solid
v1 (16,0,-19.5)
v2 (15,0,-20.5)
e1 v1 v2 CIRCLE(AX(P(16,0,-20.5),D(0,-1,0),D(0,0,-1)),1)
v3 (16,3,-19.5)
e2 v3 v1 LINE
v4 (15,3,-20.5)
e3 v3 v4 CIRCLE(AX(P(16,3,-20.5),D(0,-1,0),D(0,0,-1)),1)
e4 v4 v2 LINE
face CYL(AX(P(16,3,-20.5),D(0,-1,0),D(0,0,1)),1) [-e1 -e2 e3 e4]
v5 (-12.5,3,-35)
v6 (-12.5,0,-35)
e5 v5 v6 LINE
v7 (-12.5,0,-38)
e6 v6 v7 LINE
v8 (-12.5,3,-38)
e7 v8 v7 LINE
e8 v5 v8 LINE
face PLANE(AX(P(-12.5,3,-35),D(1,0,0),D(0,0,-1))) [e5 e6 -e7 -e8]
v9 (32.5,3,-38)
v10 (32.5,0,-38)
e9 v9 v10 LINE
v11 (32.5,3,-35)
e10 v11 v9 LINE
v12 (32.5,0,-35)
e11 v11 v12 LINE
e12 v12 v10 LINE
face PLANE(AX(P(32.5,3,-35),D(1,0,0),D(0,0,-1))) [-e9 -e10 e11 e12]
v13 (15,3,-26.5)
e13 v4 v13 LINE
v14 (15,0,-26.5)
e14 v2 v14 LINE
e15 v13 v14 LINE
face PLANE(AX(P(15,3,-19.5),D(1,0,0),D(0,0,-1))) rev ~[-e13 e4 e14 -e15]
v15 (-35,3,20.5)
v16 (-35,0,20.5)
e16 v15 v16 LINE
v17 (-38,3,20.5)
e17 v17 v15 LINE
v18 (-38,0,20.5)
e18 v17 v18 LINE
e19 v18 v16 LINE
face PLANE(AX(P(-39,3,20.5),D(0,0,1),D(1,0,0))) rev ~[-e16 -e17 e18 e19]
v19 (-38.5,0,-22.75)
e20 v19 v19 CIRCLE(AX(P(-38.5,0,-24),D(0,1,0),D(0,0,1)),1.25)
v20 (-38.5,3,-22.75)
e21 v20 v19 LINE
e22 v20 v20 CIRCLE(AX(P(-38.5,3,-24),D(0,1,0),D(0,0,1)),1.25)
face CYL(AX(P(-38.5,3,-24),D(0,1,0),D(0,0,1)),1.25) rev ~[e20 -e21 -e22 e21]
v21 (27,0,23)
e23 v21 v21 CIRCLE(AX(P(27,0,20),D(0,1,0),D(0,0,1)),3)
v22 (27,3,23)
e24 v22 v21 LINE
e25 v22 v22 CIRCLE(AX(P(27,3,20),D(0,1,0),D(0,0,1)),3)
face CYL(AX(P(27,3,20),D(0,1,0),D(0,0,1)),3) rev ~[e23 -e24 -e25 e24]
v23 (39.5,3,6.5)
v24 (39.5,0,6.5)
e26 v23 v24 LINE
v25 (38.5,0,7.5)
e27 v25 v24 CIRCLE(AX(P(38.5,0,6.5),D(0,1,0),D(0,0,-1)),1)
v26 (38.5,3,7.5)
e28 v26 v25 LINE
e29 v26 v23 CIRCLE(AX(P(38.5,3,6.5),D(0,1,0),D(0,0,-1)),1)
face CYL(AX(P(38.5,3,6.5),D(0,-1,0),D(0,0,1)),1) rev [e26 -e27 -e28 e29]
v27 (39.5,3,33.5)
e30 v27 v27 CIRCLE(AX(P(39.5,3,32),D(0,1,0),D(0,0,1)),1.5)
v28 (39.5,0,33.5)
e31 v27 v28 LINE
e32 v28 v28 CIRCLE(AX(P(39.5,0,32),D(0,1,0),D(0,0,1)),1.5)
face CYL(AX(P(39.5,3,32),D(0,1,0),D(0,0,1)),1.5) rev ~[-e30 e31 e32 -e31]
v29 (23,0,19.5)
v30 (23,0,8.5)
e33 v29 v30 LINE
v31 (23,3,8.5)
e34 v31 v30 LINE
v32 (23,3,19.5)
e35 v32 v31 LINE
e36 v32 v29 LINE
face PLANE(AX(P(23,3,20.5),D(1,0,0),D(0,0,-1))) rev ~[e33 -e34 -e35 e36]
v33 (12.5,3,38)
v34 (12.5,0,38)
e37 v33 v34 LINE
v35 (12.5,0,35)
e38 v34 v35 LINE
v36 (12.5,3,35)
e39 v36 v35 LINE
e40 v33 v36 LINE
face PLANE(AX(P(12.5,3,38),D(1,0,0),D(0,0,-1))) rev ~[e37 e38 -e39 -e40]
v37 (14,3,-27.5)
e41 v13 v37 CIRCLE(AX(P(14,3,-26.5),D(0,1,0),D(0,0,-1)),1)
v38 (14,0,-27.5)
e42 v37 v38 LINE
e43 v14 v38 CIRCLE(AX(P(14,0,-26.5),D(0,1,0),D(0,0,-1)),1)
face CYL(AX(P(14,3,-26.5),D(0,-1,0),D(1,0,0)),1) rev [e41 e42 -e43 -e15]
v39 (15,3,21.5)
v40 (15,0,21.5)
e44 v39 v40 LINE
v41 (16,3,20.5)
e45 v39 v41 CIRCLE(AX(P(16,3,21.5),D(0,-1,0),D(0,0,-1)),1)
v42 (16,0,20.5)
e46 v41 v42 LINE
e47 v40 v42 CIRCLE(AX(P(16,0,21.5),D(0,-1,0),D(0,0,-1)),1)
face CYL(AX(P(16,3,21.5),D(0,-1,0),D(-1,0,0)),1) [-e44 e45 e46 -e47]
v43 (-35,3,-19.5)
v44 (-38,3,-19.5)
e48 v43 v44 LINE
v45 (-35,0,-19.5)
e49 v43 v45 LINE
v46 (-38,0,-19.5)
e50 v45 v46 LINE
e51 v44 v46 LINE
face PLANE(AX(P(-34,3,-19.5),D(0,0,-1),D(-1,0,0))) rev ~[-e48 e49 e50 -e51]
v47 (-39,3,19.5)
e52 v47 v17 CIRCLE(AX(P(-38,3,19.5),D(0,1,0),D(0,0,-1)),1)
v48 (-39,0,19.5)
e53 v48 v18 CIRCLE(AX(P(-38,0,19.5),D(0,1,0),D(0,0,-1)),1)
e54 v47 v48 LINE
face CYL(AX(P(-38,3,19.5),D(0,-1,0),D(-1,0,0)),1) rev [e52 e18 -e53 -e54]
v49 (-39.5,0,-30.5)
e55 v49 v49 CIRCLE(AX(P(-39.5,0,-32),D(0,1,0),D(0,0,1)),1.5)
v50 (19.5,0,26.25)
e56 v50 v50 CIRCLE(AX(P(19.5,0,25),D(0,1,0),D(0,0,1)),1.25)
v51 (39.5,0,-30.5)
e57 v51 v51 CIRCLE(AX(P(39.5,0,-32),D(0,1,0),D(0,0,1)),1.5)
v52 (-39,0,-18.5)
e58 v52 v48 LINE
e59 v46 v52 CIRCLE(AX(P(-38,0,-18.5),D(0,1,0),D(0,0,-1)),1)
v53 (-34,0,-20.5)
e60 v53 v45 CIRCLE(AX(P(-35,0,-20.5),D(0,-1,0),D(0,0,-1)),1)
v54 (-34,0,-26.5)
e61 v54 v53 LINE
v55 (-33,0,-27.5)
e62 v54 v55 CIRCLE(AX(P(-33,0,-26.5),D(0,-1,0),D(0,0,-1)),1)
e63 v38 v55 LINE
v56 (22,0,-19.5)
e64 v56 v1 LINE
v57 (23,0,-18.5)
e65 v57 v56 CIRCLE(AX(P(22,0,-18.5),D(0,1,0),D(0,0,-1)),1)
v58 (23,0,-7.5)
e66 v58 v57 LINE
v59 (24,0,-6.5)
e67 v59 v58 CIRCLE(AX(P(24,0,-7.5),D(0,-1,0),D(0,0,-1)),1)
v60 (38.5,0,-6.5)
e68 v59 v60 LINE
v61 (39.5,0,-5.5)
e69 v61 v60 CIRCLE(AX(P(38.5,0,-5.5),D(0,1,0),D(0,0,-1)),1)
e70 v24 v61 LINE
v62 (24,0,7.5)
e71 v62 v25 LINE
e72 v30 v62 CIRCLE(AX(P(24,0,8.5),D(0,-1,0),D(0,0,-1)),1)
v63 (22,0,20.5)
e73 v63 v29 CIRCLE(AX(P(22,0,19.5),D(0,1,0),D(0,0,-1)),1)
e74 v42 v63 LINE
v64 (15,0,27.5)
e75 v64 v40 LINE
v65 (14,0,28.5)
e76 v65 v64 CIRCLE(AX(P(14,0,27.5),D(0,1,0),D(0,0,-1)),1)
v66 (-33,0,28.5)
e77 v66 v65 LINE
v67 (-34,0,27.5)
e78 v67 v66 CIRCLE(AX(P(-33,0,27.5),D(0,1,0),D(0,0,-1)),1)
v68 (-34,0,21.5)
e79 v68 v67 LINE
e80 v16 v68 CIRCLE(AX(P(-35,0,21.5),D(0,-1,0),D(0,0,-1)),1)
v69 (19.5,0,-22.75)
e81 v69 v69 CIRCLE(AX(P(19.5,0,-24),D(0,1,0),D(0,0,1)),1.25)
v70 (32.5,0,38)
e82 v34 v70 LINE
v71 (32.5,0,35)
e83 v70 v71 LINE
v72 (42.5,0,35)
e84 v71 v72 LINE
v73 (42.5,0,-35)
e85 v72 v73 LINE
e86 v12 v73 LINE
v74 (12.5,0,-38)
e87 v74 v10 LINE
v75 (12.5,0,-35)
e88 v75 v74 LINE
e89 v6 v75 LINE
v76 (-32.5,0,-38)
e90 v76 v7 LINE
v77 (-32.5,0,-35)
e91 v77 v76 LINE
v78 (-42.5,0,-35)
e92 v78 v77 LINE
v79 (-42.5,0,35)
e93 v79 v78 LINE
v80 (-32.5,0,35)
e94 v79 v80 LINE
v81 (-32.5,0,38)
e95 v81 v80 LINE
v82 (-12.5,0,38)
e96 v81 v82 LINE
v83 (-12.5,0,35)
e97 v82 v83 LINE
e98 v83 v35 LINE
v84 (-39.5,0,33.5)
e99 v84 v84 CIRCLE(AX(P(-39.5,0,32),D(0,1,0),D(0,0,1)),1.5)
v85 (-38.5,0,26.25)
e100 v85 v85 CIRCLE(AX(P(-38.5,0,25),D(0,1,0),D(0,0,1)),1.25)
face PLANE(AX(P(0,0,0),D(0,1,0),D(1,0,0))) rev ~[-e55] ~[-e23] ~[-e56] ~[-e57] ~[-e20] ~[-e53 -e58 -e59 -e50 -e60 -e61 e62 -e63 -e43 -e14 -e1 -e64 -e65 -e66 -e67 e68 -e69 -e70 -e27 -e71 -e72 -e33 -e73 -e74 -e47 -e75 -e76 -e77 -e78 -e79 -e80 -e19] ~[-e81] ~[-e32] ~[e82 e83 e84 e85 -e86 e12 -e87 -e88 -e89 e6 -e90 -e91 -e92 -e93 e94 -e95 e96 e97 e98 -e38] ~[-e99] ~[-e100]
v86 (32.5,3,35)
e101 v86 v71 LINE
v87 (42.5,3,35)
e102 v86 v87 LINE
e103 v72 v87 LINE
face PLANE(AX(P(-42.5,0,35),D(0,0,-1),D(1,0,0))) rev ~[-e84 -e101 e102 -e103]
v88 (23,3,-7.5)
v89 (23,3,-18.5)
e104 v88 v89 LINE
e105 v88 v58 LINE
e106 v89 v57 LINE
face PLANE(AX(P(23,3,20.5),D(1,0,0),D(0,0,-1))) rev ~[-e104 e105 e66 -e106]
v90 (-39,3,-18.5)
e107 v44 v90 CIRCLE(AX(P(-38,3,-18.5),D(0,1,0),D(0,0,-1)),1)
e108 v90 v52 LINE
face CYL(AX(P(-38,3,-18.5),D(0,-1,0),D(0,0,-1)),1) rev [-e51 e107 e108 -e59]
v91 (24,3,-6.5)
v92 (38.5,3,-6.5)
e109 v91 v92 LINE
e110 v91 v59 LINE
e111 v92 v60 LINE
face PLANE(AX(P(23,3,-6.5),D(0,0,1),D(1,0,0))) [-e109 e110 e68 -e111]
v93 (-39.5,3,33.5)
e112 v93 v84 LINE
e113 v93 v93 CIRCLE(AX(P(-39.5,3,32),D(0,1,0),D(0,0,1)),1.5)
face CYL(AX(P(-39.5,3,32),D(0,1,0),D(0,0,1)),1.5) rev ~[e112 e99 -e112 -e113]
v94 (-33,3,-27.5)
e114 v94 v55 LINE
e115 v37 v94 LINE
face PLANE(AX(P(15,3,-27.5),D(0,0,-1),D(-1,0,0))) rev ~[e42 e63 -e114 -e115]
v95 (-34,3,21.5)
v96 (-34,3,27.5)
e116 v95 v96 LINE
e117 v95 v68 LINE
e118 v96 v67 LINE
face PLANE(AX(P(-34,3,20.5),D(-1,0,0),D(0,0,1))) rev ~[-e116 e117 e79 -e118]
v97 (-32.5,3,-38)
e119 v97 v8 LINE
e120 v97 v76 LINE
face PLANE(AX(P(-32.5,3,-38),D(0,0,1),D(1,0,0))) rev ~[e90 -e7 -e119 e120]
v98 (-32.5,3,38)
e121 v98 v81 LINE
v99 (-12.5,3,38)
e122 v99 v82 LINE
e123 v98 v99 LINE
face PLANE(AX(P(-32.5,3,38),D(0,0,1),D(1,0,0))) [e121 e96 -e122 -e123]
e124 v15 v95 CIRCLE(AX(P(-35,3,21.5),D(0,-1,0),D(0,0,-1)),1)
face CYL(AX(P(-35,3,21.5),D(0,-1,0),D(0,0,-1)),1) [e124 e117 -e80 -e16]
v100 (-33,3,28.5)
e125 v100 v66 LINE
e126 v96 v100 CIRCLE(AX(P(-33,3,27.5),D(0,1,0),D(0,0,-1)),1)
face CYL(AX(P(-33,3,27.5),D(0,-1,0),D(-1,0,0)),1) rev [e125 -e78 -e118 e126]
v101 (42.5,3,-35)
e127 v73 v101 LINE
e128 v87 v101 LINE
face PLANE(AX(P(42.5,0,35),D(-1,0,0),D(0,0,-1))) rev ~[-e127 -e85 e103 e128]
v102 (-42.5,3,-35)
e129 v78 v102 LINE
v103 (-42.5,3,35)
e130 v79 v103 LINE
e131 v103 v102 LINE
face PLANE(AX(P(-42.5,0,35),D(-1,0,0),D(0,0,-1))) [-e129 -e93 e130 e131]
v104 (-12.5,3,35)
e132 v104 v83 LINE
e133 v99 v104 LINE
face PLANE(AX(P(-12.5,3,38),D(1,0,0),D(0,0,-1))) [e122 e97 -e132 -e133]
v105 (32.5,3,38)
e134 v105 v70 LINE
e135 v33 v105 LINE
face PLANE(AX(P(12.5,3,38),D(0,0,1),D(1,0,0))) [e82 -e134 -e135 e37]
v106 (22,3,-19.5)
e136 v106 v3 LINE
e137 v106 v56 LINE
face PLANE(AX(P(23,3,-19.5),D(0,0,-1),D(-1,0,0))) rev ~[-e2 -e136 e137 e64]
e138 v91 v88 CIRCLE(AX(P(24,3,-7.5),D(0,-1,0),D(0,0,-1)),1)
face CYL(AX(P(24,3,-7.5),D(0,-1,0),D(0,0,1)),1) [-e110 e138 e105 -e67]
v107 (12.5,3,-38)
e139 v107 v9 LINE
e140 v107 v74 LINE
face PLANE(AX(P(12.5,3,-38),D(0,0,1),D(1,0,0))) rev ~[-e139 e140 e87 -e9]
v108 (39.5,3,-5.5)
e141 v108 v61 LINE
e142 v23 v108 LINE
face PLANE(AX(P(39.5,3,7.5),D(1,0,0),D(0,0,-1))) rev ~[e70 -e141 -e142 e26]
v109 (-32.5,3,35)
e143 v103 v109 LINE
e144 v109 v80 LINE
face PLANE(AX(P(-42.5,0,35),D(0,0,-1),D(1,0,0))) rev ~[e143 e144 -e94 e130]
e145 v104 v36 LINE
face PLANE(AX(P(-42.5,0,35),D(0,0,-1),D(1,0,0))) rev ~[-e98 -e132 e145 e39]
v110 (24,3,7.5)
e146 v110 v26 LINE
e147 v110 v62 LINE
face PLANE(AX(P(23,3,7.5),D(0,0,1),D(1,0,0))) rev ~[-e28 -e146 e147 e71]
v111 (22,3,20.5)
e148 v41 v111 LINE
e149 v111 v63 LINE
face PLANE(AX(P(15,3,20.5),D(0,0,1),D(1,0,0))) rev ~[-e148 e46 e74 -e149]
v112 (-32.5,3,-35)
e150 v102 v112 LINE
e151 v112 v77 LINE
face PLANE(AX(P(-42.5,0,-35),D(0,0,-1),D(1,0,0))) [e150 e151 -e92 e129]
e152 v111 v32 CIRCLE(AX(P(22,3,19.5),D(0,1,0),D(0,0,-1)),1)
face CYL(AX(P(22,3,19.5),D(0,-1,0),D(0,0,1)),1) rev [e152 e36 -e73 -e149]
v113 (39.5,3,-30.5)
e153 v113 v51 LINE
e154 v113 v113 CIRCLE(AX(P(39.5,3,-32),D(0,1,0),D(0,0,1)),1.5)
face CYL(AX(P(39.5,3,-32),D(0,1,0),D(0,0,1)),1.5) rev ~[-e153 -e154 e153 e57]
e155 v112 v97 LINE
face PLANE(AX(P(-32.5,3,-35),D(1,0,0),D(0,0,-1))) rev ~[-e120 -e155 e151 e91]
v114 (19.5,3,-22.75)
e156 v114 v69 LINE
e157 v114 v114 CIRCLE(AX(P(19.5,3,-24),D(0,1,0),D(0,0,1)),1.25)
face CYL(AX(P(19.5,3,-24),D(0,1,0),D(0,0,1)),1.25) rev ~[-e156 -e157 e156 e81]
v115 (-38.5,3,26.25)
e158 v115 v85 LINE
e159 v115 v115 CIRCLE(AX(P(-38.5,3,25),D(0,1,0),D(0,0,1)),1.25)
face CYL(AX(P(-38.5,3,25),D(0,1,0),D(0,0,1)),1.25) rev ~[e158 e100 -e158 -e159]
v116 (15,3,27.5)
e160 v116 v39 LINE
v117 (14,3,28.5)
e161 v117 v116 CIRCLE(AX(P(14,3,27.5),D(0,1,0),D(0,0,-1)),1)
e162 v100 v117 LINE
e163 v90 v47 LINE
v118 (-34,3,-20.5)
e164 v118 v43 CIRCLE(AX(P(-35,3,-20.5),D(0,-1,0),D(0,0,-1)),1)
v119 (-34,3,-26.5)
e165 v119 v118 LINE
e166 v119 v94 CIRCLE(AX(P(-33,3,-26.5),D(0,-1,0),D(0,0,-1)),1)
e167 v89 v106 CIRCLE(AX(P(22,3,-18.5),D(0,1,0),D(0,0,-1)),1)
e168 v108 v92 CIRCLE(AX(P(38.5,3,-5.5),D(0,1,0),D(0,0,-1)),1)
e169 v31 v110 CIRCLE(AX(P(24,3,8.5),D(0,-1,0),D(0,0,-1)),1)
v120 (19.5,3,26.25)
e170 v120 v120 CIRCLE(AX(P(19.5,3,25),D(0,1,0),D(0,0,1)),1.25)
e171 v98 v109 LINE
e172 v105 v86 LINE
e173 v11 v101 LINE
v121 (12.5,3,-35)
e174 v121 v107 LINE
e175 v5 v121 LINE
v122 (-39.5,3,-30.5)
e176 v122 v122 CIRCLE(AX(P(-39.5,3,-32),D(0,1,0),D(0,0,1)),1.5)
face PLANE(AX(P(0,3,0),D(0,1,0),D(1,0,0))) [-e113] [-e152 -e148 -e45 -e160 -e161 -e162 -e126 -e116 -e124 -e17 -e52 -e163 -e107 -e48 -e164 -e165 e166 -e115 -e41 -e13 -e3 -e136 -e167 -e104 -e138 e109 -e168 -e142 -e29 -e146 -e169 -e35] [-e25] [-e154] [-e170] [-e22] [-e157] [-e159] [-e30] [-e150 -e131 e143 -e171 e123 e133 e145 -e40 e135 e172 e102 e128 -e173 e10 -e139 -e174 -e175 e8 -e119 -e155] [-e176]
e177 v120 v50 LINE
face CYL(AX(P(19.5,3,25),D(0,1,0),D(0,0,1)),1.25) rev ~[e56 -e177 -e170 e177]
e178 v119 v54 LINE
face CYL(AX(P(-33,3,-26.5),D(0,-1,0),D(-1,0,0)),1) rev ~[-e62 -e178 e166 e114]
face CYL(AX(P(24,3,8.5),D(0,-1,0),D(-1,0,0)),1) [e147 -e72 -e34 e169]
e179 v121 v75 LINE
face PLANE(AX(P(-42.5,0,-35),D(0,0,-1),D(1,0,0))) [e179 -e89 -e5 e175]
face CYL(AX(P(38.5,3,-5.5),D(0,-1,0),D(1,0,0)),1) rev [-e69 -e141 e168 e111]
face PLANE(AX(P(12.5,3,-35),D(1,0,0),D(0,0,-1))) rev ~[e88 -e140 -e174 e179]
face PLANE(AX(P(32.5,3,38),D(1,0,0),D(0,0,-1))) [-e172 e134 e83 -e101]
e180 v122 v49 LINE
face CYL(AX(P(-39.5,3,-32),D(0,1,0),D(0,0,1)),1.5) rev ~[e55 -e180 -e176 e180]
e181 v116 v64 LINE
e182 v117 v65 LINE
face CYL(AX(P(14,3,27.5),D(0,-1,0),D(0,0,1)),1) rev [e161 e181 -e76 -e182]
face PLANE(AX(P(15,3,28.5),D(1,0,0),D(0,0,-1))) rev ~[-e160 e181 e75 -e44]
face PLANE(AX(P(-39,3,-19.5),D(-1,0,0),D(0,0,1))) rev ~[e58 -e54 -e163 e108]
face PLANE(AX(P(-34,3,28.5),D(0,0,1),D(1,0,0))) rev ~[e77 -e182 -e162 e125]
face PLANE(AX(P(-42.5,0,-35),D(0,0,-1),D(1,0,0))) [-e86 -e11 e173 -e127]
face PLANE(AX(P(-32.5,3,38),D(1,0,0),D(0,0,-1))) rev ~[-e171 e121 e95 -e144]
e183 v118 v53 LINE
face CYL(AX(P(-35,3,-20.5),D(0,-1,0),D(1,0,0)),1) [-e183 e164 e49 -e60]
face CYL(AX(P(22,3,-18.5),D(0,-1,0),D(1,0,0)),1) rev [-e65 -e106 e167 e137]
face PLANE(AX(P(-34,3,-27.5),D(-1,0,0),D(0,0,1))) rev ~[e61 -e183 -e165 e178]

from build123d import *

# Parameters (mm, degrees)
SKETCH1_W           = 85
SKETCH1_H           = 70
BOSS_EXTRUDE1_DEPTH = 3
SKETCH2_R           = 1.25
CUT_EXTRUDE1_DEPTH  = 56.138462075
SKETCH3_W           = 20
SKETCH3_H           = 3
BOSS_EXTRUDE2_DEPTH = 3
SKETCH4_R           = 1.5
CUT_EXTRUDE2_DEPTH  = 10
CUT_EXTRUDE3_DEPTH  = 10
FILLET1_R           = 1
SKETCH6_W           = 16.5
SKETCH6_H           = 14
CUT_EXTRUDE4_DEPTH  = 58.089841478
FILLET2_R           = 1
SKETCH11_R          = 3
CUT_EXTRUDE9_DEPTH  = 10


with BuildPart() as part:
    # Sketch1 → Boss-Extrude1 (new body)
    with BuildSketch(Plane(origin=(0, 0, 0), x_dir=(1, 0, 0), z_dir=(0, 1, 0))):
        Rectangle(SKETCH1_W, SKETCH1_H)
    extrude(amount=BOSS_EXTRUDE1_DEPTH)

    # Sketch2 → Cut-Extrude1 (cut, through all)
    with BuildSketch(Plane(origin=(0, 3, 0), x_dir=(1, 0, 0), z_dir=(0, 1, 0))):
        with Locations(Location((-38.5, 24, 0), (0, 0, 270))):
            Circle(SKETCH2_R)
        with Locations(Location((-38.5, -25, 0), (0, 0, 270))):
            Circle(SKETCH2_R)
        with Locations(Location((19.5, -25, 0), (0, 0, 270))):
            Circle(SKETCH2_R)
        with Locations(Location((19.5, 24, 0), (0, 0, 270))):
            Circle(SKETCH2_R)
    extrude(amount=-CUT_EXTRUDE1_DEPTH, mode=Mode.SUBTRACT)

    # Sketch3 → Boss-Extrude2 (add)
    with BuildSketch(Plane(origin=(0, 3, 0), x_dir=(1, 0, 0), z_dir=(0, 1, 0))):
        with Locations((-22.5, 36.5)):
            Rectangle(SKETCH3_W, SKETCH3_H)
        with Locations((22.5, 36.5)):
            Rectangle(SKETCH3_W, SKETCH3_H)
        with Locations((22.5, -36.5)):
            Rectangle(SKETCH3_W, SKETCH3_H)
        with Locations((-22.5, -36.5)):
            Rectangle(SKETCH3_W, SKETCH3_H)
    extrude(amount=-BOSS_EXTRUDE2_DEPTH)

    # Sketch4 → Cut-Extrude2 (cut)
    with BuildSketch(Plane(origin=(0, 3, 0), x_dir=(1, 0, 0), z_dir=(0, 1, 0))):
        with Locations(Location((-39.5, -32, 0), (0, 0, 270))):
            Circle(SKETCH4_R)
        with Locations(Location((39.5, -32, 0), (0, 0, 270))):
            Circle(SKETCH4_R)
        with Locations(Location((39.5, 32, 0), (0, 0, 270))):
            Circle(SKETCH4_R)
        with Locations(Location((-39.5, 32, 0), (0, 0, 270))):
            Circle(SKETCH4_R)
    extrude(amount=-CUT_EXTRUDE2_DEPTH, mode=Mode.SUBTRACT)

    # Sketch5 → Cut-Extrude3 (cut)
    with BuildSketch(Plane(origin=(0, 3, 0), x_dir=(1, 0, 0), z_dir=(0, 1, 0))):
        Polygon((-34, 27.5), (-34, 19.5), (-39, 19.5), (-39, -20.5), (-34, -20.5), (-34, -28.5), (15, -28.5), (15, -20.5), (23, -20.5), (23, 19.5), (15, 19.5), (15, 27.5), align=None)
    extrude(amount=-CUT_EXTRUDE3_DEPTH, mode=Mode.SUBTRACT)

    # Fillet1
    fillet1_edges = [part.edges().sort_by_distance(p)[0] for p in [
        (-34, 1.5, 20.5),
        (-39, 1.5, 20.5),
        (-39, 1.5, -19.5),
        (-34, 1.5, -19.5),
        (-34, 1.5, -27.5),
        (15, 1.5, -27.5),
        (15, 1.5, -19.5),
        (23, 1.5, -19.5),
        (23, 1.5, 20.5),
        (15, 1.5, 20.5),
        (15, 1.5, 28.5),
        (-34, 1.5, 28.5),
    ]]
    fillet(fillet1_edges, radius=FILLET1_R)

    # Sketch6 → Cut-Extrude4 (cut, through all)
    with BuildSketch(Plane(origin=(0, 3, 0), x_dir=(1, 0, 0), z_dir=(0, 1, 0))):
        with Locations((31.25, -0.5)):
            Rectangle(SKETCH6_W, SKETCH6_H)
    extrude(amount=-CUT_EXTRUDE4_DEPTH, mode=Mode.SUBTRACT)

    # Fillet2
    fillet2_edges = [part.edges().sort_by_distance(p)[0] for p in [
        (23, 1.5, 7.5),
        (23, 1.5, -6.5),
        (39.5, 1.5, -6.5),
        (39.5, 1.5, 7.5),
    ]]
    fillet(fillet2_edges, radius=FILLET2_R)

    # Sketch11 → Cut-Extrude9 (cut)
    with BuildSketch(Plane(origin=(0, 3, 0), x_dir=(1, 0, 0), z_dir=(0, 1, 0))):
        with Locations(Location((27, -20, 0), (0, 0, 270))):
            Circle(SKETCH11_R)
    extrude(amount=-CUT_EXTRUDE9_DEPTH, mode=Mode.SUBTRACT)


solid = part.part
